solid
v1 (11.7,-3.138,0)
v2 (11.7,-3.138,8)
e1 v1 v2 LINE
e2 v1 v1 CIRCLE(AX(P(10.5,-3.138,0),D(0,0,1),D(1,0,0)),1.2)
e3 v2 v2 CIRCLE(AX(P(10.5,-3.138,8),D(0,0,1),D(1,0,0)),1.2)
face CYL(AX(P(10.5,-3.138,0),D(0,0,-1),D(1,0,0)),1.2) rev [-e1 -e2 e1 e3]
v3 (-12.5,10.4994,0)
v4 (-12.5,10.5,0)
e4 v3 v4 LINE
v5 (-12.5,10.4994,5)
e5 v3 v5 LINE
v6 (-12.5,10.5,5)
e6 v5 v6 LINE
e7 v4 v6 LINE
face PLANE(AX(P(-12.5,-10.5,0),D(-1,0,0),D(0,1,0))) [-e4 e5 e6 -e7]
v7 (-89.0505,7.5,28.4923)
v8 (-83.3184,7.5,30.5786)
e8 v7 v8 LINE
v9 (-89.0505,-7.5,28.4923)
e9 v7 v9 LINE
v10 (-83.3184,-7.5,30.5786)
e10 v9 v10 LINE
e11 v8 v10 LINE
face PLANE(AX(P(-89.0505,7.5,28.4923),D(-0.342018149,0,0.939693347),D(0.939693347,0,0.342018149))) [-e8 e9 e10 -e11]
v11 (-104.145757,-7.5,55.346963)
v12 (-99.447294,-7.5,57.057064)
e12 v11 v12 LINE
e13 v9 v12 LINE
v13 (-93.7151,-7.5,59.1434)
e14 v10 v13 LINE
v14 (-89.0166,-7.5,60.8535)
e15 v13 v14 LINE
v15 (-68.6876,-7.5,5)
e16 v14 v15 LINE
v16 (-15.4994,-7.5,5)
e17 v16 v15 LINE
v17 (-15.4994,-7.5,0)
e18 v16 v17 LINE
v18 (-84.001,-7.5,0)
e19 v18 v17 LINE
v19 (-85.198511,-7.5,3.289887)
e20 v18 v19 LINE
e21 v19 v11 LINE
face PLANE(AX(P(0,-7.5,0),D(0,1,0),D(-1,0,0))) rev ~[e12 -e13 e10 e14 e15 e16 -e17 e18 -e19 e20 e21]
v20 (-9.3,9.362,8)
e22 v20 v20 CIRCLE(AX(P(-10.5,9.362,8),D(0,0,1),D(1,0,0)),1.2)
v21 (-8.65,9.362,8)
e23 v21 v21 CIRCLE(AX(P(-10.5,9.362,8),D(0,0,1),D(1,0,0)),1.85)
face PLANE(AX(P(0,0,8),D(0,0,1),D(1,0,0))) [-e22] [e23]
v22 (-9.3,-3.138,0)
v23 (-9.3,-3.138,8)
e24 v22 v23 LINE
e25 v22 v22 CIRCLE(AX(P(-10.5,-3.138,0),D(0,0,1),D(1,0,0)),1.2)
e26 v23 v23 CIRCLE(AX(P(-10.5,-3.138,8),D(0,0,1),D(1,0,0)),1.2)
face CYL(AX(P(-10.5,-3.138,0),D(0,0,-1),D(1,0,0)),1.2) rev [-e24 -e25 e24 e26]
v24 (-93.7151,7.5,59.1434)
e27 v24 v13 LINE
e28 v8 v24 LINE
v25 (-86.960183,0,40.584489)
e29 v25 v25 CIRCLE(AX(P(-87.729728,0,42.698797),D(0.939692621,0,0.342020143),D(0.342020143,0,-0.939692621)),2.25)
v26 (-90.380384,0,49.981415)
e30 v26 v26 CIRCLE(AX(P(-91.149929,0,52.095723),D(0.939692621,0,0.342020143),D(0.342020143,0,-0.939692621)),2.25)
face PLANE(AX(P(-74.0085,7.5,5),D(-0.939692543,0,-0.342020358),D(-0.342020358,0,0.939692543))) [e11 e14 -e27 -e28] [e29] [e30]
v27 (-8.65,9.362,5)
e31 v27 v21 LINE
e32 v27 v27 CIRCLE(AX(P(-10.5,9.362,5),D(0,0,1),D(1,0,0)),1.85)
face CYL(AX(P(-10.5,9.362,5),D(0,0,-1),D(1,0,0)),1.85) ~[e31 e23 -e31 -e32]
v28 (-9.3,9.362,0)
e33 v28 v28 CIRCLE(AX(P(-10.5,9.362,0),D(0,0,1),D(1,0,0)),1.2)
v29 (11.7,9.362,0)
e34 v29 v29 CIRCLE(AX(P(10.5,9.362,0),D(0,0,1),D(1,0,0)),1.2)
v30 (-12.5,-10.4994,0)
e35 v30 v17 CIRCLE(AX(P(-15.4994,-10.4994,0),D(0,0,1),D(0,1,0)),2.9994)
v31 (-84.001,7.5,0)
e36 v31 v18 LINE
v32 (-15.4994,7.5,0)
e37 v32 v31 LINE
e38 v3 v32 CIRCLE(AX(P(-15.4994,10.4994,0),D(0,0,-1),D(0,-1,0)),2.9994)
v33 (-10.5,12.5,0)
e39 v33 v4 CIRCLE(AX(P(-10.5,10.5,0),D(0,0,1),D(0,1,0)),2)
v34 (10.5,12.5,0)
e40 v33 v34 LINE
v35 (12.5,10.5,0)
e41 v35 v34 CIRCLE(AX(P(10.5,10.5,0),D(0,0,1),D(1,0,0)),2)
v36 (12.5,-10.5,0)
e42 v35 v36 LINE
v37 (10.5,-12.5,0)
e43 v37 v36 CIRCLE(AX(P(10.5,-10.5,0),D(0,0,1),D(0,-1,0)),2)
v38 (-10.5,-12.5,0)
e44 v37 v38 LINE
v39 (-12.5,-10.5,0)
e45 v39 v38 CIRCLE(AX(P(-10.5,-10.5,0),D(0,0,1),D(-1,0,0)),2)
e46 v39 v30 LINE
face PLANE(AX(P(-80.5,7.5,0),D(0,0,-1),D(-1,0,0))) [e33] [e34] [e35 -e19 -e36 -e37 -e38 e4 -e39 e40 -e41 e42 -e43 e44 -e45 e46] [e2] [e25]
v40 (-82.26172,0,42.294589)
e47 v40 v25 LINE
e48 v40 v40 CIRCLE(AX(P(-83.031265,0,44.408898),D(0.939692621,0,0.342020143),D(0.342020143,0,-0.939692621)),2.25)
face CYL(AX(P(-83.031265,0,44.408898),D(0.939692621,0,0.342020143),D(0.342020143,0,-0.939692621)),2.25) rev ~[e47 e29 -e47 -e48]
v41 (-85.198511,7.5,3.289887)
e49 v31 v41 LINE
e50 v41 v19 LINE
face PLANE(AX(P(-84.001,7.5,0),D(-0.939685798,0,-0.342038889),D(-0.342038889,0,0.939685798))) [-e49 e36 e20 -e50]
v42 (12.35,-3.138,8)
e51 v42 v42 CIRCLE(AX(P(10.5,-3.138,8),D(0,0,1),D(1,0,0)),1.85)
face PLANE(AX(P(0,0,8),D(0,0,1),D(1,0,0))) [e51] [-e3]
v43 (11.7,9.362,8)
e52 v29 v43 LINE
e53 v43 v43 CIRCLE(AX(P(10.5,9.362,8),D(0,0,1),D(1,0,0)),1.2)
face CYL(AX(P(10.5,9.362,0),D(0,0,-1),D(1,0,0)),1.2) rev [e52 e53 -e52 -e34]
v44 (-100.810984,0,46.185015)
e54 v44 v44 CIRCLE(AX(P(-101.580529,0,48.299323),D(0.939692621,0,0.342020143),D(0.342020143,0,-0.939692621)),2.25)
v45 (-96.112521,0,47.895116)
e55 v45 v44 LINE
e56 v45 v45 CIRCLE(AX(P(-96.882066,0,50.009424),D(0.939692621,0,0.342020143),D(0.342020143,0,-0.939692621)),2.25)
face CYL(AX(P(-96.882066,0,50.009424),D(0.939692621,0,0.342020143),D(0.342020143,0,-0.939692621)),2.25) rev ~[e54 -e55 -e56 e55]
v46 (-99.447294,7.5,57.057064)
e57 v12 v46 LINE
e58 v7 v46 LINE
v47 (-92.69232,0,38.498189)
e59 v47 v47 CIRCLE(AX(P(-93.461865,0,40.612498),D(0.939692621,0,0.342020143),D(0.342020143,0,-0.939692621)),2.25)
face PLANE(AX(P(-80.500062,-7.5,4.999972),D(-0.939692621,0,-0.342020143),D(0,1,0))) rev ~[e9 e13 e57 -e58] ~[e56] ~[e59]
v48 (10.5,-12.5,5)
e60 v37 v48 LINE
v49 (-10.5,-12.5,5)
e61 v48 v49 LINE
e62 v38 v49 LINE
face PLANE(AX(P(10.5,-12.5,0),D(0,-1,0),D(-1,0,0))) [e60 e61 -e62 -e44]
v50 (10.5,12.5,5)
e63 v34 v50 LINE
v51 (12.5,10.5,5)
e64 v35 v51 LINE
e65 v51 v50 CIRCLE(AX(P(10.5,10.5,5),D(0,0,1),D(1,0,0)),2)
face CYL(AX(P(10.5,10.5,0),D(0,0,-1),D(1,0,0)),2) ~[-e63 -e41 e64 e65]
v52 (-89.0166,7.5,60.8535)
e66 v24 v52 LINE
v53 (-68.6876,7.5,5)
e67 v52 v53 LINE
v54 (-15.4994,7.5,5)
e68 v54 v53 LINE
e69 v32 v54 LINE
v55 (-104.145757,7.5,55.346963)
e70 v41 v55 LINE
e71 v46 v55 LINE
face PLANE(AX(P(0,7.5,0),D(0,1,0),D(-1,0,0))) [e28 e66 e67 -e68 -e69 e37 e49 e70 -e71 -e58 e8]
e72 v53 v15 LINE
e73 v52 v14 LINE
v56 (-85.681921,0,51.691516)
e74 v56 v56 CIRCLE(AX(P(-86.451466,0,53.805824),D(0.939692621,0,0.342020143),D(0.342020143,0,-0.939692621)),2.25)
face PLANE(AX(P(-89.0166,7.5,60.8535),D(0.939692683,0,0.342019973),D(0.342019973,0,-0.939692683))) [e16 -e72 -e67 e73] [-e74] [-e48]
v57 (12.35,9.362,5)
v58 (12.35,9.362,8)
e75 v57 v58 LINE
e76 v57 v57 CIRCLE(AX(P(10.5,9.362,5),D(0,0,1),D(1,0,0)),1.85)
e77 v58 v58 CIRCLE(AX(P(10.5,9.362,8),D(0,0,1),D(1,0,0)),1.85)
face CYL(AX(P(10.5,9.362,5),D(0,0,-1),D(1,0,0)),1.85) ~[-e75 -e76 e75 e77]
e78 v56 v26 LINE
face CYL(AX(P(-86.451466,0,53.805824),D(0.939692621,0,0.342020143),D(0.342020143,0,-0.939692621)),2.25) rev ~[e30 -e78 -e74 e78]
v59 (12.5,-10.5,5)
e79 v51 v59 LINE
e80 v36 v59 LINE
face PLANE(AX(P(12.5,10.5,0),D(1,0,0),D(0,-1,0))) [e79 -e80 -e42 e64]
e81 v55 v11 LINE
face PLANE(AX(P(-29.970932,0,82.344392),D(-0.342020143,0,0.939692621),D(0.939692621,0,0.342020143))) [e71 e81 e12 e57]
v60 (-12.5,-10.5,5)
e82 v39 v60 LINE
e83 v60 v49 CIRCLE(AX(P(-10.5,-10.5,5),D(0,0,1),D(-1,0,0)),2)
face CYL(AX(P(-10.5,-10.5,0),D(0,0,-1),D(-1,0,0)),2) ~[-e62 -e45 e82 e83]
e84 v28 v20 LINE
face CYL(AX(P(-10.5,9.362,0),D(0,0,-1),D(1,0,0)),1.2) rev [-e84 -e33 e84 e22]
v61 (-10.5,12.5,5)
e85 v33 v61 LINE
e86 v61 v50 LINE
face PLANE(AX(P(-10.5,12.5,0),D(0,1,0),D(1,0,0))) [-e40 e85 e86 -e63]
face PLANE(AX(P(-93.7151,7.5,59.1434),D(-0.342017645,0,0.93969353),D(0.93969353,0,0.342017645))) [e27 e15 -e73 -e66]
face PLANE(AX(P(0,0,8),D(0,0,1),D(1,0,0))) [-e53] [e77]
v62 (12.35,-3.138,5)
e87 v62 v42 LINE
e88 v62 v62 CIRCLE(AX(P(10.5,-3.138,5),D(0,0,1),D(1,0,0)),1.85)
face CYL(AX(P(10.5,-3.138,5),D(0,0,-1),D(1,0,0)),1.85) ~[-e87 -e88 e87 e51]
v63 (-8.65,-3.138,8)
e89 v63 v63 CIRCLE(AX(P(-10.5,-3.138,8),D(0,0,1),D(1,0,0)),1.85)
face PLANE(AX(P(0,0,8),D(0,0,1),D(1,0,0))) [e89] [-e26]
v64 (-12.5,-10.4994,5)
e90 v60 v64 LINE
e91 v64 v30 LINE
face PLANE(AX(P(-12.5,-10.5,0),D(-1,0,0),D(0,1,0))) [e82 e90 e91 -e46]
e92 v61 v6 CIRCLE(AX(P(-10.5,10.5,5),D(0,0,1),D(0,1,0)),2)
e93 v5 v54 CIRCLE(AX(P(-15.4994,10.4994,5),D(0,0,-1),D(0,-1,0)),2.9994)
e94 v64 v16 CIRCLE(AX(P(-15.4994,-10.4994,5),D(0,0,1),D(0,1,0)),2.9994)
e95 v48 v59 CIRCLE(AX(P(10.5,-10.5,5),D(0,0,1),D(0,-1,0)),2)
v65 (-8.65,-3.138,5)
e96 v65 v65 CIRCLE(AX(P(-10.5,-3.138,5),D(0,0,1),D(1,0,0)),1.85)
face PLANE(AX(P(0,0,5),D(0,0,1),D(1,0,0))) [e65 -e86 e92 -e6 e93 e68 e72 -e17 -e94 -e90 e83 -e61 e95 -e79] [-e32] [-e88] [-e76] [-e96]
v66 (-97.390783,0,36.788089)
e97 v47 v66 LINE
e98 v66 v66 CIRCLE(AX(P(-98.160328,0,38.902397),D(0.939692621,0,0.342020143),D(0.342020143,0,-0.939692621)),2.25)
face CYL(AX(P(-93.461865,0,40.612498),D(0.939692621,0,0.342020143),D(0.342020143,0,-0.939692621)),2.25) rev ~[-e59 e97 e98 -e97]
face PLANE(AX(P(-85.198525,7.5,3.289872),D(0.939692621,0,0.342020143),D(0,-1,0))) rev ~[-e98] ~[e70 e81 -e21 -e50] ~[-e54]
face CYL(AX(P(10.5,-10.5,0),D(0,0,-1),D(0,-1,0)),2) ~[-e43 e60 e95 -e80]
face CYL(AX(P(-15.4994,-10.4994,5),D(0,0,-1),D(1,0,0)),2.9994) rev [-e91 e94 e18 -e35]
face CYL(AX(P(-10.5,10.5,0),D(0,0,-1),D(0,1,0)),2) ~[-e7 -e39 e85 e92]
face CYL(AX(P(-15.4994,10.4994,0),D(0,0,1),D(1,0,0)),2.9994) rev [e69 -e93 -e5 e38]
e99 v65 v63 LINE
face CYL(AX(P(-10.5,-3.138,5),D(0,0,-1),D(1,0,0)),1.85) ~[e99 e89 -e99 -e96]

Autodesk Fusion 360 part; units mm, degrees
sketch "Sketch1" plane through (0, 0, 0) normal (0, 0, 1) x (1, 0, 0)
  circle A0 centre (10.5, -3.138) radius 1.2
  line L0 (-10.5, 12.5) -> (10.5, 12.5)
  arc A1 (-12.5, -10.5) -> (-10.5, -12.5) centre (-10.5, -10.5) ccw
  circle A2 centre (-10.5, -3.138) radius 1.2
  arc A3 (10.5, -12.5) -> (12.5, -10.5) centre (10.5, -10.5) ccw
  circle A4 centre (-10.5, 9.362) radius 1.2
  arc A5 (-10.5, 12.5) -> (-12.5, 10.5) centre (-10.5, 10.5) ccw
  line L1 (-12.5, -10.5) -> (-12.5, 10.5)
  line L2 (12.5, 10.5) -> (12.5, -10.5)
  arc A6 (12.5, 10.5) -> (10.5, 12.5) centre (10.5, 10.5) ccw
  circle A7 centre (10.5, 9.362) radius 1.2
  line L3 (10.5, -12.5) -> (-10.5, -12.5)
  point P0 (-12.5, 12.5)
  point P1 (12.5, 12.5)
  point P2 (-12.5, -12.5)
  dimension "d1" = 25
  dimension "d2" = 25
  dimension "d3" = 2.4
  dimension "d4" = 2
  dimension "d5" = 2
  dimension "d6" = 2
  dimension "d7" = 2
  dimension "d8" = 2
  dimension "d9" = 2
  dimension "d10" = 2
  dimension "d11" = 12.5
  dimension "d12" = 12.5
  dimension "d13" = 21.862
  dimension "d14" = 21.862
  dimension "d15" = 9.362
  dimension "d16" = 9.362
  dimension "d17" = 12.5
  dimension "d18" = 12.5
extrude "Extrude1" add sketch "Sketch1" along normal blind 5
sketch "Sketch2" plane through (0, 0, 5) normal (0, 0, 1) x (1, 0, 0)
  circle A0 centre (-10.5, 9.362) radius 1.2
  circle A1 centre (10.5, -3.138) radius 1.2
  circle A2 centre (-10.5, -3.138) radius 1.2
  circle A3 centre (10.5, 9.362) radius 1.2
  arc A4 (12.5, 10.5) -> (10.5, 12.5) centre (10.5, 10.5) ccw
  line L0 (10.5, 12.5) -> (-10.5, 12.5)
  arc A5 (-10.5, 12.5) -> (-12.5, 10.5) centre (-10.5, 10.5) ccw
  line L1 (-12.5, 10.5) -> (-12.5, -10.5)
  arc A6 (-12.5, -10.5) -> (-10.5, -12.5) centre (-10.5, -10.5) ccw
  line L2 (-10.5, -12.5) -> (10.5, -12.5)
  arc A7 (10.5, -12.5) -> (12.5, -10.5) centre (10.5, -10.5) ccw
  line L3 (12.5, -10.5) -> (12.5, 10.5)
  circle A8 centre (-10.5, 9.362) radius 1.85
  circle A9 centre (10.5, 9.362) radius 1.85
  circle A10 centre (10.5, -3.138) radius 1.85
  circle A11 centre (-10.5, -3.138) radius 1.85
  dimension "d21" = 3.7
  dimension "d22" = 3.7
  dimension "d23" = 3.7
  dimension "d24" = 3.7
extrude "Extrude2" add sketch "Sketch2" along normal blind 3 contours A8 | A9 | A10 | A11
sketch "Sketch3" plane through (-12.5, 0, 0) normal (-1, 0, 0) x (0, 0, 1)
  line L0 (0, 10.5) -> (0, -10.5)
  line L1 (0, -10.5) -> (5, -10.5)
  line L2 (5, -10.5) -> (5, 10.5)
  line L3 (5, 10.5) -> (0, 10.5)
  line L4 (0, 7.5) -> (5, 7.5)
  line L5 (5, 7.5) -> (5, -7.5)
  line L6 (5, -7.5) -> (0, -7.5)
  line L7 (0, -7.5) -> (0, 7.5)
  dimension "d29" = 3
  dimension "d30" = 3
extrude "Extrude3" add sketch "Sketch3" along normal blind 68 contours L0 L2 L4 L5 L6 L7
fillet "Fillet1" radius 3 2 edges at (-12.5, 7.5, 2.5) (-12.5, -7.5, 2.5)
sketch "Sketch5" plane through (0, 7.5, 0) normal (0, 1, 0) x (-1, 0, 0)
  line L0 (15.5, 5) -> (15.5, 0)
  line L1 (15.5, 0) -> (80.5, 0)
  line L2 (80.5, 0) -> (80.5, 5)
  line L3 (80.5, 5) -> (15.5, 5)
  line L4 (80.5, 0) -> (94.2374, 0)
  line L5 (94.2374, 0) -> (80.5, 5)
  line L6 (84.001, 0) -> (85.1985, 3.2899)
  dimension "d38" = 20
  dimension "d39" = 5
  dimension "d40" = 5
extrude "Extrude5" add sketch "Sketch5" against normal up to surface (15 mm away) contours L2 L4 L5 L6
sketch "Sketch6" plane through (-11.0237, 0, 30.2873) normal (-0.342, 0, 0.9397) x (0.9397, 0, 0.342)
  line L0 (-78.9352, -7.5) -> (-73.9352, -7.5)
  line L1 (-73.9352, -7.5) -> (-73.9352, 7.5)
  line L2 (-73.9352, 7.5) -> (-78.9352, 7.5)
  line L3 (-78.9352, 7.5) -> (-78.9352, -7.5)
  line L4 (-78.9352, 7.5) -> (-73.9352, 7.5)
  line L5 (-73.9352, 7.5) -> (-73.9352, -7.5)
  line L6 (-73.9352, -7.5) -> (-78.9352, -7.5)
  line L7 (-78.9352, -7.5) -> (-78.9352, 7.5)
extrude "Extrude6" add sketch "Sketch6" along normal blind 55.398
sketch "Sketch7" plane through (-69.4763, 0, -25.2873) normal (0.9397, 0, 0.342) x (0.342, 0, -0.9397)
  line L0 (-32.2311, -7.5) -> (-32.2311, 7.5)
  line L1 (-32.2311, 7.5) -> (-87.6291, 7.5)
  line L2 (-87.6291, 7.5) -> (-87.6291, -7.5)
  line L3 (-87.6291, -7.5) -> (-32.2311, -7.5)
  line L4 (-87.6291, 0) -> (-32.2311, 0) construction
  circle A0 centre (-80.1291, 0) radius 2.25
  circle A1 centre (-70.1291, 0) radius 2.25
  dimension "d45" = 4.5
  dimension "d46" = 4.5
  dimension "d47" = 7.5
  dimension "d48" = 10
extrude "Extrude7" cut sketch "Sketch7" against normal up to surface (5 mm away) contours A0 | A1
sketch "Sketch8" plane through (0, 7.5, 0) normal (0, 1, 0) x (-1, 0, 0)
  line L0 (15.5, 5) -> (15.5, 0)
  line L1 (15.5, 0) -> (84.001, 0)
  line L2 (84.001, 0) -> (104.1457, 55.347)
  line L3 (104.1457, 55.347) -> (99.4472, 57.0571)
  line L4 (99.4472, 57.0571) -> (80.5, 5)
  line L5 (80.5, 5) -> (15.5, 5)
  line L6 (74.0085, 5) -> (93.7151, 59.1434)
  line L7 (93.7151, 59.1434) -> (89.0166, 60.8535)
  line L8 (89.0166, 60.8535) -> (68.6876, 5)
  line L9 (99.4472, 57.0571) -> (93.7151, 59.1434) construction
  dimension "d51" = 6.1
  dimension "d52" = 5
extrude "Extrude8" add sketch "Sketch8" against normal up to surface (15 mm away) contours L5 L6 L7 L8
sketch "Sketch9" plane through (-59.0457, 0, -21.4909) normal (0.9397, 0, 0.342) x (0.342, 0, -0.9397)
  line L0 (-87.6291, -7.5) -> (-28.191, -7.5)
  line L1 (-28.191, -7.5) -> (-28.191, 7.5)
  line L2 (-28.191, 7.5) -> (-87.6291, 7.5)
  line L3 (-87.6291, 7.5) -> (-87.6291, -7.5)
  circle A0 centre (-80.1291, 0) radius 2.25
  circle A1 centre (-70.1291, 0) radius 2.25
extrude "Extrude9" cut sketch "Sketch9" against normal up to surface (5 mm away) contours A0 | A1
sketch "Sketch10" plane through (0, 7.5, 0) normal (0, 1, 0) x (-1, 0, 0)
  line L0 (15.5, 5) -> (15.5, 0)
  line L1 (15.5, 0) -> (84.001, 0)
  line L2 (84.001, 0) -> (104.1457, 55.347)
  line L3 (104.1457, 55.347) -> (99.4472, 57.0571)
  line L4 (99.4472, 57.0571) -> (80.5, 5)
  line L5 (80.5, 5) -> (74.0085, 5)
  line L6 (74.0085, 5) -> (93.7151, 59.1434)
  line L7 (93.7151, 59.1434) -> (89.0166, 60.8535)
  line L8 (89.0166, 60.8535) -> (68.6876, 5)
  line L9 (68.6876, 5) -> (15.5, 5)
  line L10 (89.0505, 28.4923) -> (83.3184, 30.5786)
  dimension "d57" = 30.398
extrude "Extrude10" add sketch "Sketch10" against normal up to surface (15 mm away) contours L4 L5 L6 L10
equation "d17 = d11"
equation "d18 = d12"
equation "d22 = d21"
equation "d23 = d21"
equation "d24 = d21"
equation "d30 = d29"
equation "d40 = d39"
equation "d43 = 19.898 mm + 7.5 mm + 28 mm"
equation "d46 = d45"
equation "d57 = d43 - 25 mm"
